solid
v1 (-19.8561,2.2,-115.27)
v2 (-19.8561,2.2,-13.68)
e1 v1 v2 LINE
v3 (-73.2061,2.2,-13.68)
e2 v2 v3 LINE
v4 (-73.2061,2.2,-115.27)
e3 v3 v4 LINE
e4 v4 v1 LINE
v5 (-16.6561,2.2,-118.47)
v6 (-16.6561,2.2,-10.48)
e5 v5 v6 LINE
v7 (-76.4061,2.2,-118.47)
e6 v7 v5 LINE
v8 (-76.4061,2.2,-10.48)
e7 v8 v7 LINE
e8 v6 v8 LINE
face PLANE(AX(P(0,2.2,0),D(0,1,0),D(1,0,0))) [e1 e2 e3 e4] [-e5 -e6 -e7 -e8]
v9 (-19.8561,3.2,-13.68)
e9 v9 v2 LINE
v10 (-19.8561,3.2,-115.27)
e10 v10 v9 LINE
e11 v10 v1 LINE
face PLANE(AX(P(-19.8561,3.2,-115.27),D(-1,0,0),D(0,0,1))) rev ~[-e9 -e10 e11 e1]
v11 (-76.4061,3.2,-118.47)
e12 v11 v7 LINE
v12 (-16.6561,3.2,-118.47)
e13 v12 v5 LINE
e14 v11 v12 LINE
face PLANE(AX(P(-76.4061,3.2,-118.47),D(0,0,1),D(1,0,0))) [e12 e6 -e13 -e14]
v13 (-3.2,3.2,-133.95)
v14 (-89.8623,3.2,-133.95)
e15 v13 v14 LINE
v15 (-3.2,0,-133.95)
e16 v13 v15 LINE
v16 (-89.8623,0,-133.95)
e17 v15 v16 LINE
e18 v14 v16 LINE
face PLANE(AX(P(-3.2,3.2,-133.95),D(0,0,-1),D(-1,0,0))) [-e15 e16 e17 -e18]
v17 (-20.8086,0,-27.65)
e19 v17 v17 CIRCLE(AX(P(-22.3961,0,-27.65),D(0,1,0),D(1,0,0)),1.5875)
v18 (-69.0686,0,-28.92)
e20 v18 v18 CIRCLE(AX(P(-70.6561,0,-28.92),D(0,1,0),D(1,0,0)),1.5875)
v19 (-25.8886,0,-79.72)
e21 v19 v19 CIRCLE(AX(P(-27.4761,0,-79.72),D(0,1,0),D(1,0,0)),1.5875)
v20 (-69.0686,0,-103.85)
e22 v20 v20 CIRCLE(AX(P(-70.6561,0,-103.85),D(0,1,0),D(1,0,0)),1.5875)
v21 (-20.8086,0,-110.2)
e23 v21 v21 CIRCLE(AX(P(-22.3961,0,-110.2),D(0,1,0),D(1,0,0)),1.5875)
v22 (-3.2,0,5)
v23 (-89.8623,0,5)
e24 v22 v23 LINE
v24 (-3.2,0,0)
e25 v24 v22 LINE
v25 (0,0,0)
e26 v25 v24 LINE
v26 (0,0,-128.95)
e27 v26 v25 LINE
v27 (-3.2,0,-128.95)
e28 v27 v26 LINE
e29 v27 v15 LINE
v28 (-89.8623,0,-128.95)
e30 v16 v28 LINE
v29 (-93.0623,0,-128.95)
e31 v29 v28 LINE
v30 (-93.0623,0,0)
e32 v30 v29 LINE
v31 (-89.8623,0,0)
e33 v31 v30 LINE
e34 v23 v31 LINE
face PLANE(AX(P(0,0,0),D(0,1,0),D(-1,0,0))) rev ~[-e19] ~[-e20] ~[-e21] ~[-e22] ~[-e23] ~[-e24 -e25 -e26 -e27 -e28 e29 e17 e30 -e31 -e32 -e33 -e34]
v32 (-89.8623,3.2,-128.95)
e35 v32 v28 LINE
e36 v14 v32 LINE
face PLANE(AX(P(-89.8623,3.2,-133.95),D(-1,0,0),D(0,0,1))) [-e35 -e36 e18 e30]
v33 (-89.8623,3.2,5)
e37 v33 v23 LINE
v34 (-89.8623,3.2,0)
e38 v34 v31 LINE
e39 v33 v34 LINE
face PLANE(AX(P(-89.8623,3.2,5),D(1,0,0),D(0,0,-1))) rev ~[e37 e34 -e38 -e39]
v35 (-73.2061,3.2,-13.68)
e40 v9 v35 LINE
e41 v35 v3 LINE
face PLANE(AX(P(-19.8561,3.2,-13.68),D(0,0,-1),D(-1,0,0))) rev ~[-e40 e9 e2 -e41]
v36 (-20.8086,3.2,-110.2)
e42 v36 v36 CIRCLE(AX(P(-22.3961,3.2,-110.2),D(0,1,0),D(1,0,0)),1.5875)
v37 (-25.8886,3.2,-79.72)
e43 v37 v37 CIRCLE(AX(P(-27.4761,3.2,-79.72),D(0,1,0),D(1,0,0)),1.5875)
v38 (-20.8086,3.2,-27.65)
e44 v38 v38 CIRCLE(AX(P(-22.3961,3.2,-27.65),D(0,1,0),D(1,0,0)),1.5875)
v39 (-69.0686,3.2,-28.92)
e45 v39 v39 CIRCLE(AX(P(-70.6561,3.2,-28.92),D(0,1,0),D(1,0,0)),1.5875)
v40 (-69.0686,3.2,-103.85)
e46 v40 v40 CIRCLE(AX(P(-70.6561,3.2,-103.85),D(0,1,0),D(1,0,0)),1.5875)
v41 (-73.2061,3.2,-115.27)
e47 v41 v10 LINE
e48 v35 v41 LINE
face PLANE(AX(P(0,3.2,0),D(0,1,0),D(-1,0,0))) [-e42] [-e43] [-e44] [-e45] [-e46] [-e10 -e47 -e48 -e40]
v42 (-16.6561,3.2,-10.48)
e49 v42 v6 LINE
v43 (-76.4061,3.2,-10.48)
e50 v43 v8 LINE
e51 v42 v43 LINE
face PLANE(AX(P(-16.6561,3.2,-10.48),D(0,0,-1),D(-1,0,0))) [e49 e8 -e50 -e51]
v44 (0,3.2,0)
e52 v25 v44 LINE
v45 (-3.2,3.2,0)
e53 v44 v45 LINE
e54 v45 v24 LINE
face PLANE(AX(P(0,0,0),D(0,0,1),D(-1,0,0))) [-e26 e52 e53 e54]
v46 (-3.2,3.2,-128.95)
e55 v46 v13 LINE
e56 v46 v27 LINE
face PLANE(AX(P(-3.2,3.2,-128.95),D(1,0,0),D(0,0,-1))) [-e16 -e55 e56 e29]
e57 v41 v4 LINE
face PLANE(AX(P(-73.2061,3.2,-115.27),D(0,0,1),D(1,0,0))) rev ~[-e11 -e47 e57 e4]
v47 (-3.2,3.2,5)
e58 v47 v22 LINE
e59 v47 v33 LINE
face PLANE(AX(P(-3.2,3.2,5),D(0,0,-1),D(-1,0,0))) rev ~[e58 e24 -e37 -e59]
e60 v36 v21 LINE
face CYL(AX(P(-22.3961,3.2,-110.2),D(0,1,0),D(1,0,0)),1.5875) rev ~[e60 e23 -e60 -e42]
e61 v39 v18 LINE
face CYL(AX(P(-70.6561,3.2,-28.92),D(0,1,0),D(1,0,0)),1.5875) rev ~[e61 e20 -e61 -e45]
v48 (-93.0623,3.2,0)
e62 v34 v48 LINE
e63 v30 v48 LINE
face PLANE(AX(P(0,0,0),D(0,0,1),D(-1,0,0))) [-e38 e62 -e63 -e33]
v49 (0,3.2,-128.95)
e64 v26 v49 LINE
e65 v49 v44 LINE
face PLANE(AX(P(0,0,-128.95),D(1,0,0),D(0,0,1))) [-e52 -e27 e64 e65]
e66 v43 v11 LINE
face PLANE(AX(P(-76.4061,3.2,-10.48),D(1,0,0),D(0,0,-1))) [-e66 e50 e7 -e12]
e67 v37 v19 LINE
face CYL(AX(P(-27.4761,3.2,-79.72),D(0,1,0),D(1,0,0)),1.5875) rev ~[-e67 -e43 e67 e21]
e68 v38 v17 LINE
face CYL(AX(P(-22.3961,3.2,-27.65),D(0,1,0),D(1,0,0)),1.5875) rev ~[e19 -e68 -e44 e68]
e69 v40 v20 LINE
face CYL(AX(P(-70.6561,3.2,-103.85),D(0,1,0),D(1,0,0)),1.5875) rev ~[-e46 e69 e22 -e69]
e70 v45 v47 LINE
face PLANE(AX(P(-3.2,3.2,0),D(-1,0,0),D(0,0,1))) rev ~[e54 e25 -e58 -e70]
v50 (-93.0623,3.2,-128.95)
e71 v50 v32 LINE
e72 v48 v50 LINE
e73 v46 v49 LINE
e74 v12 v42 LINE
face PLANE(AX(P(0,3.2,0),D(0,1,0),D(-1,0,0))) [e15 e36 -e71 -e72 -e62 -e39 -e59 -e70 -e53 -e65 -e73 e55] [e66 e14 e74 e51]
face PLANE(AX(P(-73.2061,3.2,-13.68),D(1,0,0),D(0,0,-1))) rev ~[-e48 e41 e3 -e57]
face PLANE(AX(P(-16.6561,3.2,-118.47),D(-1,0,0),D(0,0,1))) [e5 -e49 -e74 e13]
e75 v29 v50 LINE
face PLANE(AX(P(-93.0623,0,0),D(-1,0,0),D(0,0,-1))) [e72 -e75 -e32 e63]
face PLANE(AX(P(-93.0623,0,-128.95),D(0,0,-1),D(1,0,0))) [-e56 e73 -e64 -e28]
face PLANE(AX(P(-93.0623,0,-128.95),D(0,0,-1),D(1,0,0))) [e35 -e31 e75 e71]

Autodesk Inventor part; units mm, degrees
ref_plane "YZ Plane" through (0, 0, 0) normal (1, 0, 0) x (0, 1, 0)
ref_plane "XZ Plane" through (0, 0, 0) normal (0, 1, 0) x (-1, 0, 0)
ref_plane "XY Plane" through (0, 0, 0) normal (0, 0, 1) x (1, 0, 0)
sketch "Sketch1" plane through (0, 0, 0) normal (0, 1, 0) x (-1, 0, 0)
  line L0 (0, 0) -> (93.0623, 0)
  line L1 (93.0623, 0) -> (93.0623, -128.95)
  line L2 (93.0623, -128.95) -> (0, -128.95)
  line L3 (0, -128.95) -> (0, 0)
  dimension "d0" = 93.0623
  dimension "d1" = 128.95
extrude "Extrusion1" add sketch "Sketch1" along normal blind 3.2
sketch "Sketch2" plane through (0, 3.2, 0) normal (0, 1, 0) x (1, 0, 0)
  line L0 (-73.2061, 115.27) -> (-19.8561, 115.27)
  line L1 (-19.8561, 115.27) -> (-19.8561, 13.68)
  line L2 (-19.8561, 13.68) -> (-73.2061, 13.68)
  line L3 (-73.2061, 13.68) -> (-73.2061, 115.27)
  circle A0 centre (-70.6561, 28.92) radius 1.5875
  circle A1 centre (-22.3961, 27.65) radius 1.5875
  circle A2 centre (-22.3961, 110.2) radius 1.5875
  circle A3 centre (-70.6561, 103.85) radius 1.5875
  circle A4 centre (-27.4761, 79.72) radius 1.5875
  line L4 (-93.0623, 0) -> (0, 0) projected
  line L5 (-93.0623, 128.95) -> (-93.0623, 0) projected
  line L6 (0, 128.95) -> (-93.0623, 128.95) projected
  line L7 (-76.4061, 118.47) -> (-16.6561, 118.47)
  line L8 (-16.6561, 118.47) -> (-16.6561, 10.48)
  line L9 (-16.6561, 10.48) -> (-76.4061, 10.48)
  line L10 (-76.4061, 10.48) -> (-76.4061, 118.47)
  dimension "d4" = 101.59
  dimension "d5" = 53.35
  dimension "d6" = 15.24
  dimension "d7" = 3.175
  dimension "d8" = 50.8
  dimension "d9" = 13.97
  dimension "d10" = 2.54
  dimension "d11" = 90.17
  dimension "d12" = 96.52
  dimension "d13" = 50.8
  dimension "d14" = 2.54
  dimension "d15" = 66.04
  dimension "d16" = 7.62
  dimension "d20" = 93.0623
  dimension "d21" = 19.8561
  dimension "d22" = 128.95
  dimension "d23" = 13.68
  dimension "d26" = 3.2
  dimension "d27" = 3.2
  dimension "d28" = 3.2
  dimension "d29" = 3.2
extrude "Extrusion2" cut sketch "Sketch2" against normal up to surface (3.2 mm away) contours A0 | A1 | A2 | A3 | A4
sketch "Sketch3" plane through (0, 3.2, 0) normal (0, 1, 0) x (1, 0, 0)
  line L0 (-76.4061, 10.48) -> (-76.4061, 118.47) projected
  line L1 (-73.2061, 13.68) -> (-73.2061, 115.27) projected
  line L2 (-19.8561, 13.68) -> (-73.2061, 13.68) projected
  line L3 (-16.6561, 10.48) -> (-76.4061, 10.48) projected
  line L4 (-16.6561, 118.47) -> (-16.6561, 10.48) projected
  line L5 (-73.2061, 115.27) -> (-19.8561, 115.27) projected
  line L6 (-76.4061, 118.47) -> (-16.6561, 118.47) projected
  line L7 (-19.8561, 115.27) -> (-19.8561, 13.68) projected
  point P0 (0, 0)
extrude "Extrusion3" cut sketch "Sketch3" against normal blind 1
sketch "Sketch4" plane through (0, 3.2, 0) normal (0, 1, 0) x (1, 0, 0)
  line L0 (-93.0623, 0) -> (0, 0) projected
  line L1 (-89.8623, 0) -> (-3.2, 0)
  line L2 (-3.2, 0) -> (-3.2, -5)
  line L3 (-3.2, -5) -> (-89.8623, -5)
  line L4 (-89.8623, -5) -> (-89.8623, 0)
  line L5 (0, 128.95) -> (-93.0623, 128.95) projected
  line L6 (-89.8623, 128.95) -> (-3.2, 128.95)
  line L7 (-3.2, 128.95) -> (-3.2, 133.95)
  line L8 (-3.2, 133.95) -> (-89.8623, 133.95)
  line L9 (-89.8623, 133.95) -> (-89.8623, 128.95)
  line L10 (-93.0623, 128.95) -> (-93.0623, 0) projected
  line L11 (0, 0) -> (0, 128.95) projected
  dimension "d32" = 3.2
  dimension "d33" = 3.2
  dimension "d34" = 5
  dimension "d35" = 5
extrude "Extrusion4" add sketch "Sketch4" against normal up to surface (3.2 mm away) contours L0 L2 L3 L4 | L9 L8 L7 L5
equation "\"d1\" = largo_abdomen_robot - acople_hombro_grosor_trasero"
equation "\"d13\" = d8"
equation "\"d14\" = d10"
equation "\"d21\" = -0.5 * d5 + 0.5 * d20"
equation "\"d23\" = -0.5 * d4 + 0.5 * d22"
equation "\"d27\" = d26"
equation "\"d28\" = d26"
equation "\"d29\" = d28"
equation "\"d33\" = d32"
equation "\"d35\" = d34"
equation "\"largo_abdomen_robot\" = 146.95"
equation "\"acople_hombro_grosor_trasero\" = 18"
properties part number "Cuerpo - Base Arduino"
